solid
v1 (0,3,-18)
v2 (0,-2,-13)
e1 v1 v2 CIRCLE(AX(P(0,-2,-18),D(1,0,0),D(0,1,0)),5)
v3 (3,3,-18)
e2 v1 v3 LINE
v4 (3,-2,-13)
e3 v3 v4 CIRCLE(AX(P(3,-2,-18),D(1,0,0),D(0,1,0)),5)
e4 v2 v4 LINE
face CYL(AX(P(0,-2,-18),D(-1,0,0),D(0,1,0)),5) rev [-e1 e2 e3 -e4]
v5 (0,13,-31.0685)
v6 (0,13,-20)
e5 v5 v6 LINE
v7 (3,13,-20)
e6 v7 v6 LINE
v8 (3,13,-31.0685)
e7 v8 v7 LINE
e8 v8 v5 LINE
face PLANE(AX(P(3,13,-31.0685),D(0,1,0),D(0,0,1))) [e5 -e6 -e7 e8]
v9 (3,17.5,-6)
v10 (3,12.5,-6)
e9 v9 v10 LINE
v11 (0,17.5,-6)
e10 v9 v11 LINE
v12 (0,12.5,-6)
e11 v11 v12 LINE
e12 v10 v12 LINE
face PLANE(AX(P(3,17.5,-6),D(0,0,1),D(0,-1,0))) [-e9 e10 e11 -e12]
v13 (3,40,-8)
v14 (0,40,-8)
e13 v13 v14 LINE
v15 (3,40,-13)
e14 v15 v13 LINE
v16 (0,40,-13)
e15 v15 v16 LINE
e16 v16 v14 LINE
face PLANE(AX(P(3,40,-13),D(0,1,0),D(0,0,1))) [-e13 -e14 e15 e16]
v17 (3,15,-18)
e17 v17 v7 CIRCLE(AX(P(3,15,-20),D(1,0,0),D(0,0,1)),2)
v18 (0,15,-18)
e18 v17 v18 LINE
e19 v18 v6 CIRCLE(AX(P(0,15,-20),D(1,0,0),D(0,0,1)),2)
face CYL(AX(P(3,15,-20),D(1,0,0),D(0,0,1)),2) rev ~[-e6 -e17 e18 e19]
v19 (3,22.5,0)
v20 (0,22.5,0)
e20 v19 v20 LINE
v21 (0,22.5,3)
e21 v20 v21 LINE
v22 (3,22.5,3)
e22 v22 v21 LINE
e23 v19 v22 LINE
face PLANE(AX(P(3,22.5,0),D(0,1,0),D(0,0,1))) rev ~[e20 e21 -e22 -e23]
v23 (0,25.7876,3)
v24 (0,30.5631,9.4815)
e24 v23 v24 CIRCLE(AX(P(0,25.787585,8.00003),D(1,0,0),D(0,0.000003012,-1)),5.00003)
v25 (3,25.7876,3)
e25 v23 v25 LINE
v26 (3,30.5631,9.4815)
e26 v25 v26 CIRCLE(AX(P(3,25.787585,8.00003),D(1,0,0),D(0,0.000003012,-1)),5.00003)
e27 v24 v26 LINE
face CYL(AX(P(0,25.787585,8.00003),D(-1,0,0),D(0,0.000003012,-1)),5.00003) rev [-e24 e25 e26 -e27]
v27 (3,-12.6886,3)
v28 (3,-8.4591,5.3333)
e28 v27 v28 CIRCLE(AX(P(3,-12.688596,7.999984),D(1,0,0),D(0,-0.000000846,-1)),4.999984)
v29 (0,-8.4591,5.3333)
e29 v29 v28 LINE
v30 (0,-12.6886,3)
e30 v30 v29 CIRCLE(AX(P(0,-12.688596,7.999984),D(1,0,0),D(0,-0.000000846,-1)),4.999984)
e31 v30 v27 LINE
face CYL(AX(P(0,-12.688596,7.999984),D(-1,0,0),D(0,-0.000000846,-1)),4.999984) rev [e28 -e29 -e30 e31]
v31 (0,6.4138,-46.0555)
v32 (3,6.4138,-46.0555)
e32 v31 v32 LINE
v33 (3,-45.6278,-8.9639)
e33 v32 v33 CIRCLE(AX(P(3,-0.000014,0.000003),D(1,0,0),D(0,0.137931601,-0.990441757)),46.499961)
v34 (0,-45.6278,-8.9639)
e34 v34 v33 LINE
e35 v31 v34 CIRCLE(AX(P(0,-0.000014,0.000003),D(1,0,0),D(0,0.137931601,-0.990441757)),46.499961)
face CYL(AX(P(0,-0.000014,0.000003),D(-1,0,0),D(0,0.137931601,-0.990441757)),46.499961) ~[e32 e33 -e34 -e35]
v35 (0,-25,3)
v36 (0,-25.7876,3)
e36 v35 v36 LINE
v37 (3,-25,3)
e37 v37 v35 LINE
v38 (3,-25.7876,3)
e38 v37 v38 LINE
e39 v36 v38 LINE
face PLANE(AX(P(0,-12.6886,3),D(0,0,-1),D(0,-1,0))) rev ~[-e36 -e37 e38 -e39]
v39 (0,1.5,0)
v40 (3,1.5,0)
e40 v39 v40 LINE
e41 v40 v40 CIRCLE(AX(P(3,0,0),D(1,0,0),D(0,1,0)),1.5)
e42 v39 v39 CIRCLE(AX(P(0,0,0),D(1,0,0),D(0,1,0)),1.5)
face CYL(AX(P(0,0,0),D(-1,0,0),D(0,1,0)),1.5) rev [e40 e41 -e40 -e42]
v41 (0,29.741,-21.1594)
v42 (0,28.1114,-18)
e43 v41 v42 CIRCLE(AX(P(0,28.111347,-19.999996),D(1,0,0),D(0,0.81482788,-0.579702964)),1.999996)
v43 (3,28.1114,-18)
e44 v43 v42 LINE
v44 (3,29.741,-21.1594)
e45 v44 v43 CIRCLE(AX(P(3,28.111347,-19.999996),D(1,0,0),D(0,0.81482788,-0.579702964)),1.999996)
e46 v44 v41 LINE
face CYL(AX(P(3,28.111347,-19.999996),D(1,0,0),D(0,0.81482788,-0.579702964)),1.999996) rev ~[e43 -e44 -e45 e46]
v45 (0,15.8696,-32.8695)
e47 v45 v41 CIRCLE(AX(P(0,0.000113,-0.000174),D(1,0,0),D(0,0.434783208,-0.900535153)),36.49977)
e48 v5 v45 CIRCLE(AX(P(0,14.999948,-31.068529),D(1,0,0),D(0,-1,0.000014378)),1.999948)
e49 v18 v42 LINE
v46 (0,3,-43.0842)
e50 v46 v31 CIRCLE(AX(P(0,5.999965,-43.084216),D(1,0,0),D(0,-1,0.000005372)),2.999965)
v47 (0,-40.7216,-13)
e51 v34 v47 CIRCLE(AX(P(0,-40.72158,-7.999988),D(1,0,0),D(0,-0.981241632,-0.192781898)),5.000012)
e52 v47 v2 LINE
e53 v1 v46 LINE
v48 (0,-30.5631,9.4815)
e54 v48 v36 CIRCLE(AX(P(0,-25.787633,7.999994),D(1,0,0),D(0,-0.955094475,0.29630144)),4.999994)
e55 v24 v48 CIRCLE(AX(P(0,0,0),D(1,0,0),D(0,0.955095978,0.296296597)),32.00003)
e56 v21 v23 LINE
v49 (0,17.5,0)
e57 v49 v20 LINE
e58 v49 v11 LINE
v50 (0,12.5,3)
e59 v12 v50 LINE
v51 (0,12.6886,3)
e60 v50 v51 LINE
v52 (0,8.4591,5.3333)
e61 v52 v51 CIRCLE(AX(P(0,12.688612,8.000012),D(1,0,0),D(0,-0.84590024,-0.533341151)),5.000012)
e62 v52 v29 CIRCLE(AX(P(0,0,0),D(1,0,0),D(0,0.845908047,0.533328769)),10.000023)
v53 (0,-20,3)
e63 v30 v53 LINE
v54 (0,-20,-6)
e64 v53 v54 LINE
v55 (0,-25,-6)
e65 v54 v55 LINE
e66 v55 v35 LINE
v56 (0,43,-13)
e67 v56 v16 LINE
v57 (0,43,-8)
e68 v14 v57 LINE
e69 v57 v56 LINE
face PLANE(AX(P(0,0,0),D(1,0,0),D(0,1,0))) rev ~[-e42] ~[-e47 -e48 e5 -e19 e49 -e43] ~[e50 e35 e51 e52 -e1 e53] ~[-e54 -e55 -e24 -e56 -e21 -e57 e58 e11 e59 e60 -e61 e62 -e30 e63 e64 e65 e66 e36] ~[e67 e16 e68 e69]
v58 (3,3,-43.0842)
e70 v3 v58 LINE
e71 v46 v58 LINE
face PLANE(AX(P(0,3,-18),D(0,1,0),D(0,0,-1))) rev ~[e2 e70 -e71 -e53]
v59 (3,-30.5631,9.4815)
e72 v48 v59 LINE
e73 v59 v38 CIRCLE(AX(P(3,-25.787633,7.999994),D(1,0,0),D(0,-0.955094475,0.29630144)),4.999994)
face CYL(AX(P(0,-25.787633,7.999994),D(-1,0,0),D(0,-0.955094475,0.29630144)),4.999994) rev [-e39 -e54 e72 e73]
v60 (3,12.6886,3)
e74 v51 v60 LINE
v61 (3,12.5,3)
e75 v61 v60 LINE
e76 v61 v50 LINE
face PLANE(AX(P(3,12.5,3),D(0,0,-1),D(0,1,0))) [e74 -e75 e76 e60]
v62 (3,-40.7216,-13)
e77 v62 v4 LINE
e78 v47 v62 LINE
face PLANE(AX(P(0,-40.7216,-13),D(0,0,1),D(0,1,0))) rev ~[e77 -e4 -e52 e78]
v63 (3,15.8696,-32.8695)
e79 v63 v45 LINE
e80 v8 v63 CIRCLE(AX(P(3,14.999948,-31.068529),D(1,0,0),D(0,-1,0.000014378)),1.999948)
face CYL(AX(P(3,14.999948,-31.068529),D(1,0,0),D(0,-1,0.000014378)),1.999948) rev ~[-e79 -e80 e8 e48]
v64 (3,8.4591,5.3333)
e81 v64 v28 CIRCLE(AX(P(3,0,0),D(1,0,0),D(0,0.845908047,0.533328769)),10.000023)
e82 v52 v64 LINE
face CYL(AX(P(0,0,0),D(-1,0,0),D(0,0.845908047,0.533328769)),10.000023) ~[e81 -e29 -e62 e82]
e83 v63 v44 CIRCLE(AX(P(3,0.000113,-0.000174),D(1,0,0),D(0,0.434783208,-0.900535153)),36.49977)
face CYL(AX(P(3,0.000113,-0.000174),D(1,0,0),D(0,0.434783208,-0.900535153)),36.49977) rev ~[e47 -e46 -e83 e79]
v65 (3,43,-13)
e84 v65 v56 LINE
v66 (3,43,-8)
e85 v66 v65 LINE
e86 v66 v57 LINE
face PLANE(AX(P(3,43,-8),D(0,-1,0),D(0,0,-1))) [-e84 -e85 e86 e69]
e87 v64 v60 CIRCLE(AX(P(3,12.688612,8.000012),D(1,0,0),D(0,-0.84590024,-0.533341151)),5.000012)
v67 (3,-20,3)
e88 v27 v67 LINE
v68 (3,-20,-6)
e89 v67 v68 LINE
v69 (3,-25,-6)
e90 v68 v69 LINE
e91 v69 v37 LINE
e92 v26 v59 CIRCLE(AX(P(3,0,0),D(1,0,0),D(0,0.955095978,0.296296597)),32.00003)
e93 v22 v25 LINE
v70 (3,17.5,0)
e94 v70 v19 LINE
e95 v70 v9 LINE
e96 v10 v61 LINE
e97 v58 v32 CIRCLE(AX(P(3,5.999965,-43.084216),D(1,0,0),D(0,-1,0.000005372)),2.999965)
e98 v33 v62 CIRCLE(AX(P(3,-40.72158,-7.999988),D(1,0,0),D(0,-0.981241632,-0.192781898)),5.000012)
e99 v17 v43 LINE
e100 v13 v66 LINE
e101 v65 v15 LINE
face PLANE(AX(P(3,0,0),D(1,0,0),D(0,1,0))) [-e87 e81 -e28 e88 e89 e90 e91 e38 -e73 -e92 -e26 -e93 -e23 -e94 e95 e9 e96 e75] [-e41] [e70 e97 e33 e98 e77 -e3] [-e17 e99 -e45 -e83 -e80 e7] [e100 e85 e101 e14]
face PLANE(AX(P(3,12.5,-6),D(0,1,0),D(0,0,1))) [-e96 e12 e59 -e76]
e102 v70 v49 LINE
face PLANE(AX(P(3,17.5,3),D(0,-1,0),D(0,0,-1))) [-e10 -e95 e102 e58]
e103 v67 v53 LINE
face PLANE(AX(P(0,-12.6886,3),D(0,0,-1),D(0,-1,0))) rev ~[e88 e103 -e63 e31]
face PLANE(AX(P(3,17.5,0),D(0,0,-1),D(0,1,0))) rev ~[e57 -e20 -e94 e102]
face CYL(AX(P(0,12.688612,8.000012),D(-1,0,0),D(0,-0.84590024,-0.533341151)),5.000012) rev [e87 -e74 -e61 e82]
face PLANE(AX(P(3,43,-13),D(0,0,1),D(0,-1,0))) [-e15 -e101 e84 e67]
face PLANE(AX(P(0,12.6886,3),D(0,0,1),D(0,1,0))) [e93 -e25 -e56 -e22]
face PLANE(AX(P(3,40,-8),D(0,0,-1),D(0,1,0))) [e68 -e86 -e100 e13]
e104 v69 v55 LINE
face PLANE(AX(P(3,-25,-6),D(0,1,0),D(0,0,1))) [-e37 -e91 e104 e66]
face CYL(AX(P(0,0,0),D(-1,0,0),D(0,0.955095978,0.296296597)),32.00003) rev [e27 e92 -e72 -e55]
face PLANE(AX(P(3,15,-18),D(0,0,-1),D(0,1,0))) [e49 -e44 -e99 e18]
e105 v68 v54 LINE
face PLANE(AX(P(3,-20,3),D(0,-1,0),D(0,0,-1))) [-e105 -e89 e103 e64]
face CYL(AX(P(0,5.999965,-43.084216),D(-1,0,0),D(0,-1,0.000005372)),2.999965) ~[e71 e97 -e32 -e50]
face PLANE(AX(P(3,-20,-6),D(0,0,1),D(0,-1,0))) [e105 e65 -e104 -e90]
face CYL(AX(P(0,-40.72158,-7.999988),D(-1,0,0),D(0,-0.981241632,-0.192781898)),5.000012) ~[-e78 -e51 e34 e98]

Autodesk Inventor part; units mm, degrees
ref_plane "YZ Plane" through (0, 0, 0) normal (1, 0, 0) x (0, 1, 0)
ref_plane "XZ Plane" through (0, 0, 0) normal (0, 1, 0) x (-1, 0, 0)
ref_plane "XY Plane" through (0, 0, 0) normal (0, 0, 1) x (1, 0, 0)
sketch "Sketch1" plane through (0, 0, 0) normal (1, 0, 0) x (0, 1, 0)
  line L0 (-40.7216, -13) -> (-2, -13)
  arc A0 (30.5631, 9.4815) -> (-30.5631, 9.4815) centre (0, 0) ccw
  arc A1 (8.4591, 5.3333) -> (-8.4591, 5.3333) centre (0, 0) ccw
  circle A2 centre (0, 0) radius 1.5
  line L1 (3, -18) -> (3, -43.0842)
  arc A3 (3, -18) -> (-2, -13) centre (-2, -18) ccw
  arc A4 (6.4138, -46.0555) -> (-45.6278, -8.9639) centre (0, 0) ccw
  line L2 (-12.6886, 3) -> (-25.7876, 3)
  line L3 (12.6886, 3) -> (25.7876, 3)
  arc A5 (-30.5631, 9.4815) -> (-25.7876, 3) centre (-25.7876, 8) ccw
  arc A6 (-12.6886, 3) -> (-8.4591, 5.3333) centre (-12.6886, 8) ccw
  arc A7 (8.4591, 5.3333) -> (12.6886, 3) centre (12.6886, 8) ccw
  arc A8 (25.7876, 3) -> (30.5631, 9.4815) centre (25.7876, 8) ccw
  arc A9 (-45.6278, -8.9639) -> (-40.7216, -13) centre (-40.7216, -8) ccw
  arc A10 (3, -43.0842) -> (6.4138, -46.0555) centre (6, -43.0842) ccw
  point P0 (-44.6458, -13)
  point P1 (3, -13)
  point P2 (-10, 0)
  point P3 (10, 0)
  point P4 (-9.5394, 3)
  point P5 (9.5394, 3)
  point P6 (3, -31.881)
  point P7 (3, -46.4031)
  point P8 (-31.8591, 3)
  point P9 (31.8591, 3)
  dimension "d5" = 32
  dimension "d6" = 20
  dimension "d7" = 3
  dimension "d52" = 3
  dimension "d53" = 3
  dimension "d54" = 5
  dimension "d66" = 46.5
  dimension "d78" = 16
  dimension "d79" = 5
  dimension "d80" = 3
  dimension "d81" = 3
  dimension "d82" = 5
extrude "Extrusion3" add sketch "Sketch1" along normal blind 3
sketch "Sketch2" plane through (3, 0, 0) normal (1, 0, 0) x (0, 0, -1)
  arc A0 (-9.4815, 30.5631) -> (-9.4815, -30.5631) centre (0, 0) ccw projected
  line L0 (8, 43) -> (13, 43)
  line L1 (13, 43) -> (13, 40)
  line L2 (13, 40) -> (8, 40)
  line L3 (8, 40) -> (8, 43)
  dimension "d38" = 3
  dimension "d41" = 40
  dimension "d42" = 8
  dimension "d43" = 5
extrude "Extrusion5" cut sketch "Sketch2" against normal through all
sketch "Sketch4" plane through (3, 0, 0) normal (1, 0, 0) x (0, 0, -1)
  arc A0 (-9.4815, 30.5631) -> (-9.4815, -30.5631) centre (0, 0) ccw projected
  line L0 (-3, 25.7876) -> (-3, 12.6886) projected
  line L1 (-3, -12.6886) -> (-3, -25.7876) projected
  line L2 (-3, -20) -> (6, -20)
  line L3 (6, -20) -> (6, -25)
  line L4 (6, -25) -> (-3, -25)
  line L5 (-3, -25) -> (-3, -20)
  line L6 (-3, 17.5) -> (6, 17.5)
  line L7 (6, 17.5) -> (6, 12.5)
  line L8 (6, 12.5) -> (-3, 12.5)
  line L9 (-3, 12.5) -> (-3, 17.5)
  dimension "d57" = 9
  dimension "d59" = 5
  dimension "d60" = 20
  dimension "d61" = 9
  dimension "d62" = 5
  dimension "d63" = 12.5
extrude "Extrusion6" cut sketch "Sketch4" against normal through all
sketch "Sketch5" plane through (3, 0, 0) normal (1, 0, 0) x (0, 0, -1)
  line L0 (-3, 17.5) -> (0, 17.5)
  line L1 (0, 17.5) -> (0, 22.5)
  line L2 (0, 22.5) -> (-3, 22.5)
  line L3 (-3, 22.5) -> (-3, 17.5)
  point P0 (0, 0)
  dimension "d67" = 5
  dimension "d68" = 3
extrude "Extrusion7" cut sketch "Sketch5" against normal through all
sketch "Sketch6" plane through (3, 0, 0) normal (1, 0, 0) x (0, 0, -1)
  circle A0 centre (0, 0) radius 1.5 projected
  arc A1 (32.8695, 15.8696) -> (21.1594, 29.741) centre (0, 0) ccw
  line L0 (31.0685, 13) -> (20, 13)
  line L1 (18, 15) -> (18, 28.1114)
  line L2 (18, 3) -> (43.0842, 3) projected
  line L3 (13, -40.7216) -> (13, -2) projected
  arc A2 (31.0685, 13) -> (32.8695, 15.8696) centre (31.0685, 15) ccw
  arc A3 (21.1594, 29.741) -> (18, 28.1114) centre (20, 28.1114) ccw
  arc A4 (18, 15) -> (20, 13) centre (20, 15) ccw
  point P0 (41.1696, 0.4856)
  point P1 (14.881, -40.3065)
  point P2 (14.881, -4.5144)
  point P3 (18, 31.753)
  point P4 (34.1065, 13)
  point P5 (43.0842, 3)
  point P6 (13, -2)
  dimension "d72" = 73
  dimension "d73" = 10
  dimension "d74" = 5
  dimension "d75" = 2
extrude "Extrusion8" cut sketch "Sketch6" against normal through all contours A2 L0 A4 L1 A3 A1
properties part number "EChasisSide2"
